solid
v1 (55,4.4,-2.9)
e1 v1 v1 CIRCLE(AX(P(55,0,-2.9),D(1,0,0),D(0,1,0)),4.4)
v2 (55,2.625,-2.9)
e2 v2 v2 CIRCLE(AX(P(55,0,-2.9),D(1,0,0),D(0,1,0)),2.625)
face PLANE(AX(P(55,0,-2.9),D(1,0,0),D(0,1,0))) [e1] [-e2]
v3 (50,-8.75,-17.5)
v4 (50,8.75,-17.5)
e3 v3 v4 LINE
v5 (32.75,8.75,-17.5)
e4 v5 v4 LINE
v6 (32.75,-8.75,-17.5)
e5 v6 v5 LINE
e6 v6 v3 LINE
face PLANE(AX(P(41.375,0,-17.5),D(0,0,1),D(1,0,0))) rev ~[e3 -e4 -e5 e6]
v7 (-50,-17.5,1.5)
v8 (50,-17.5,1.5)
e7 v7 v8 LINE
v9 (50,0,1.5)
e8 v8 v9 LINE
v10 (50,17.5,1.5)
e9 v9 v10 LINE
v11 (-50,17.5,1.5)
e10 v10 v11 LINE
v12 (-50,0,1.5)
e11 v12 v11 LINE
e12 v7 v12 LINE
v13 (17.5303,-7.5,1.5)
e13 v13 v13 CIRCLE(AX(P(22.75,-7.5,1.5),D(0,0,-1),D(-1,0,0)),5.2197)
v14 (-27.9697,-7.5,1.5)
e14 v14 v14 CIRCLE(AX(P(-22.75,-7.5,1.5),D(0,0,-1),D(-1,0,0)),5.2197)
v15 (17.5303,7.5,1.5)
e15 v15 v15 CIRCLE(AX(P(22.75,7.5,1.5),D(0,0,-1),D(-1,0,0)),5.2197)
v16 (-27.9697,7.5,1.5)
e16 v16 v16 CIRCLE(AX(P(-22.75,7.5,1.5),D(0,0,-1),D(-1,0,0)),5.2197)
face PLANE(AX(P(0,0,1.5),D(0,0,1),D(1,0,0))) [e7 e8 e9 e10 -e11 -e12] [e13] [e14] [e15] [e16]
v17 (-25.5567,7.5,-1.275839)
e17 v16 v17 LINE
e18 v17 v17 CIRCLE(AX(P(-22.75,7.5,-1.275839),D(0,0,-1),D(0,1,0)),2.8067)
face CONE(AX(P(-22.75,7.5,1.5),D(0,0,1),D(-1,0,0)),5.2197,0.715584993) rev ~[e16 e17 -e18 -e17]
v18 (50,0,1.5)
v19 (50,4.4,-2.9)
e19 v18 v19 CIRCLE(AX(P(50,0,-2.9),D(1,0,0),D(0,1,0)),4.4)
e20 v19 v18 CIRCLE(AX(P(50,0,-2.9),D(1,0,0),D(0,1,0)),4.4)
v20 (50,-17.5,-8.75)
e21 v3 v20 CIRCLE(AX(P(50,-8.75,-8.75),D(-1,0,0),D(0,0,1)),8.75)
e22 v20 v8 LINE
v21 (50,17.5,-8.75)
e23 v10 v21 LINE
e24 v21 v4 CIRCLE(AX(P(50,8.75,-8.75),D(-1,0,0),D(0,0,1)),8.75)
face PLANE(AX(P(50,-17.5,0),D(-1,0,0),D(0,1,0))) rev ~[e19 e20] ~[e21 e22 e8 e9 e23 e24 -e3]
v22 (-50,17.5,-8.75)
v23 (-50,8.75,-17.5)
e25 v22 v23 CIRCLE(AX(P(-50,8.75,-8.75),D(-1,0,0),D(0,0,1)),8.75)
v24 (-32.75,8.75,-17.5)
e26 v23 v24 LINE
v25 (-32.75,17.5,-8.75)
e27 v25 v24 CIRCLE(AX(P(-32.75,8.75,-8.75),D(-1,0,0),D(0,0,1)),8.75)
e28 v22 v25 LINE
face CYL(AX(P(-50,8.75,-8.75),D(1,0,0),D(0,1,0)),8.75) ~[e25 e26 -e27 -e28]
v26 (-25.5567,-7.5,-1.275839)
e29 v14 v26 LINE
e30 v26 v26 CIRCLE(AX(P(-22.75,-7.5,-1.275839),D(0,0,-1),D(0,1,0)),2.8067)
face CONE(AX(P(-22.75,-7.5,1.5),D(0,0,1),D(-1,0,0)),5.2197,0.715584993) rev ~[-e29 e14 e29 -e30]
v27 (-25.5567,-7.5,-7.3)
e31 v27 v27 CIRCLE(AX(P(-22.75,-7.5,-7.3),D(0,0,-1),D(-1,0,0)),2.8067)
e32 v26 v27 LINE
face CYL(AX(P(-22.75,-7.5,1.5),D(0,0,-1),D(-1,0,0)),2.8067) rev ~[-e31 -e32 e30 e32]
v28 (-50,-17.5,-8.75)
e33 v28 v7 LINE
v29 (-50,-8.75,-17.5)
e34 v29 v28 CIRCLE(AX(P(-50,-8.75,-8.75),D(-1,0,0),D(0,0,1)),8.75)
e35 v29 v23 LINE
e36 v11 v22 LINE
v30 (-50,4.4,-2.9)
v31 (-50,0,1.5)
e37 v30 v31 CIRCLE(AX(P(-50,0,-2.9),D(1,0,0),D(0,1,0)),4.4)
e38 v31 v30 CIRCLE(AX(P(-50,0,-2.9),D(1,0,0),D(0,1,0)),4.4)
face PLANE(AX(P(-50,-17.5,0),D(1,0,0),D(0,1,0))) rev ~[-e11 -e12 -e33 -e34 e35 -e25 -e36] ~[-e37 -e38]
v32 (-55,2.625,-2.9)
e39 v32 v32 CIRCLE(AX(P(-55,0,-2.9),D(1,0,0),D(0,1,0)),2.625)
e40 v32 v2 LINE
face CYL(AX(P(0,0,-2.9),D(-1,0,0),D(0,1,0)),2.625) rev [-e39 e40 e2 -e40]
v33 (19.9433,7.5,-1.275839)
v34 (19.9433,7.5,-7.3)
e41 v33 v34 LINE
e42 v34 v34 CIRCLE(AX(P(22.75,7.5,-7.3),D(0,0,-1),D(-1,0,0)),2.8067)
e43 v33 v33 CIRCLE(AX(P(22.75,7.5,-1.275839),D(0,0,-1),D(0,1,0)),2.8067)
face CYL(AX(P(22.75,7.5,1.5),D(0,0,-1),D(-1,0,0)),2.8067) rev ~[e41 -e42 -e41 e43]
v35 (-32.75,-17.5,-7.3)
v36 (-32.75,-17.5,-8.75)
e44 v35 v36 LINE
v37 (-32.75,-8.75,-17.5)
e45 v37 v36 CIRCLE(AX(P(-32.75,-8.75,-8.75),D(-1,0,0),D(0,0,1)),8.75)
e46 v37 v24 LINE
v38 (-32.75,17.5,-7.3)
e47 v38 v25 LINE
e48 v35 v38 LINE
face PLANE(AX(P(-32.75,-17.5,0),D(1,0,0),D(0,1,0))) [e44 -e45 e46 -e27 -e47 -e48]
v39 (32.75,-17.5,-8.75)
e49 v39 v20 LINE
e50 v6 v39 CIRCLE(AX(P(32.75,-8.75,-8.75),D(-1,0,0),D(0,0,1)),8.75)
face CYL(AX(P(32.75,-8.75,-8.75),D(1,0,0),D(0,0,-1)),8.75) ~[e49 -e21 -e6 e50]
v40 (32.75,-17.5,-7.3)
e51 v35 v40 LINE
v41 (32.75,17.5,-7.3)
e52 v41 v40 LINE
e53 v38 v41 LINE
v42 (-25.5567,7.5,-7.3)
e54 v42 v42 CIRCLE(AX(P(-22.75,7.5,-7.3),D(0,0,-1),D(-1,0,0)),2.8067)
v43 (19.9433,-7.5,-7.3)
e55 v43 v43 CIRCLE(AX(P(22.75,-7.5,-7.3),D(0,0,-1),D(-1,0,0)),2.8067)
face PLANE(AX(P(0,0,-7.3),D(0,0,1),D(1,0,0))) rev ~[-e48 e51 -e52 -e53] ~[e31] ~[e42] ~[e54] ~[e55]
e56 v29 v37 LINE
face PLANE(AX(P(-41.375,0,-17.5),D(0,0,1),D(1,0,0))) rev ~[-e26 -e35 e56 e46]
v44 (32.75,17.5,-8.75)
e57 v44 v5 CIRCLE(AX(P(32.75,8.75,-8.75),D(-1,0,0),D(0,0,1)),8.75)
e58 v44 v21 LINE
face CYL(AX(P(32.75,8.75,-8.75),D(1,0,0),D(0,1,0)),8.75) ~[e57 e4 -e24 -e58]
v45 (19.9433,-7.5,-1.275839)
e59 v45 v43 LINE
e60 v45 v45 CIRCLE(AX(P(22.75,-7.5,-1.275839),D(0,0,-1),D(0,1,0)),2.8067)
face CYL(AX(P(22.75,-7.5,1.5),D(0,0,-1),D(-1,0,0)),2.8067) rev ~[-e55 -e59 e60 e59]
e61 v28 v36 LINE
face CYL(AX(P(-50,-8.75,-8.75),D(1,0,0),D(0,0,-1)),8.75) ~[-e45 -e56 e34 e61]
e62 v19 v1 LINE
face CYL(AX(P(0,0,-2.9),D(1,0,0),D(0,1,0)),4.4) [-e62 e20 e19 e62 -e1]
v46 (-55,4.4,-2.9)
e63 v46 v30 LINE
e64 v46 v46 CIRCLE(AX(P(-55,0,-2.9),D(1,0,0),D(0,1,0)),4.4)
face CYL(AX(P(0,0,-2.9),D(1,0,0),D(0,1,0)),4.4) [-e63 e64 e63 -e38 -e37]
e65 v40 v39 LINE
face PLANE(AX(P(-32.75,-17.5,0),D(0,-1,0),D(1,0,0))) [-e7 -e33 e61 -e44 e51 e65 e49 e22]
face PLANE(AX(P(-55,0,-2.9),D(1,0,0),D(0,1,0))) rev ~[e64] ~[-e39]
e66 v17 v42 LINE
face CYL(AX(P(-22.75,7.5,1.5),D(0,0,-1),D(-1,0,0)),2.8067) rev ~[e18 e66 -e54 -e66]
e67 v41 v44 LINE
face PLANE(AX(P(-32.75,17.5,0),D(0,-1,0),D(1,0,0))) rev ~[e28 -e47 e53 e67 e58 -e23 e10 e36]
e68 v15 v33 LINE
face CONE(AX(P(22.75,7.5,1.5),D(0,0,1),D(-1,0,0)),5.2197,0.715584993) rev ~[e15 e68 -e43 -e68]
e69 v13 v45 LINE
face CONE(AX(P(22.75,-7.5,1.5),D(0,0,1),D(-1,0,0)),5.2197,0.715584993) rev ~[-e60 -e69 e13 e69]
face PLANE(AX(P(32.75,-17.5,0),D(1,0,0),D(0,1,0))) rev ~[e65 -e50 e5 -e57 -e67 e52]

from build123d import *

# Parameters (mm, degrees)
F0_W           = 65.5
F0_H           = 35
F0_W_2         = 17.25
F1_DEPTH       = 1.5
F2_DEPTH       = 17.5
F3_DEPTH       = 7.3
F4_R           = 4.4
F4_R_2         = 2.625
F5_DEPTH       = 55
F6_DEPTH       = 55.001
F6_DEPTH_BACK  = 55.001
F7_R           = 8.75
F9_D           = 5.6134
F9_CSINK_D     = 10.4394
F9_CSINK_ANGLE = 82


with BuildPart() as f1:
    # F0 (on Top) → F1 (new body)
    with BuildSketch(Plane.XY):
        Rectangle(F0_W, F0_H)
        with Locations((-41.375, 0)):
            Rectangle(F0_W_2, F0_H)
        with Locations((41.375, 0)):
            Rectangle(F0_W_2, F0_H)
    extrude(amount=F1_DEPTH)

    # F0 (on Top) → F2 (join)
    with BuildSketch(Plane.XY):
        with Locations((-41.375, 0)):
            Rectangle(F0_W_2, F0_H)
        with Locations((41.375, 0)):
            Rectangle(F0_W_2, F0_H)
    extrude(amount=-F2_DEPTH)

    # F0 (on Top) → F3 (join)
    with BuildSketch(Plane.XY):
        Rectangle(F0_W, F0_H)
    extrude(amount=-F3_DEPTH)

    # F4 (on Right) → F5 (join, symmetric)
    with BuildSketch(Plane.YZ):
        with Locations((0, -2.9)):
            Circle(F4_R)
        with Locations((0, -2.9)):
            Circle(F4_R_2, mode=Mode.SUBTRACT)
    extrude(amount=F5_DEPTH, both=True)

    # F4 (on Right) → F6 (cut, two sides)
    with BuildSketch(Plane.YZ) as f6_sk:
        with Locations((0, -2.9)):
            Circle(F4_R_2)
    extrude(amount=-F6_DEPTH, mode=Mode.SUBTRACT)
    extrude(f6_sk.sketch, amount=F6_DEPTH_BACK, mode=Mode.SUBTRACT)

    # F7
    f7_edges = [f1.edges().sort_by_distance(p)[0] for p in [
        (41.375, -17.5, -17.5),
        (41.375, 17.5, -17.5),
        (-41.375, -17.5, -17.5),
        (-41.375, 17.5, -17.5),
    ]]
    fillet(f7_edges, radius=F7_R)

    # F9 (through all)
    with Locations(Plane.XY.offset(1.5)):
        with Locations((-22.75, 7.5), (-22.75, -7.5), (22.75, -7.5), (22.75, 7.5)):
            CounterSinkHole(F9_D / 2, F9_CSINK_D / 2, counter_sink_angle=F9_CSINK_ANGLE)


solid = f1.part
